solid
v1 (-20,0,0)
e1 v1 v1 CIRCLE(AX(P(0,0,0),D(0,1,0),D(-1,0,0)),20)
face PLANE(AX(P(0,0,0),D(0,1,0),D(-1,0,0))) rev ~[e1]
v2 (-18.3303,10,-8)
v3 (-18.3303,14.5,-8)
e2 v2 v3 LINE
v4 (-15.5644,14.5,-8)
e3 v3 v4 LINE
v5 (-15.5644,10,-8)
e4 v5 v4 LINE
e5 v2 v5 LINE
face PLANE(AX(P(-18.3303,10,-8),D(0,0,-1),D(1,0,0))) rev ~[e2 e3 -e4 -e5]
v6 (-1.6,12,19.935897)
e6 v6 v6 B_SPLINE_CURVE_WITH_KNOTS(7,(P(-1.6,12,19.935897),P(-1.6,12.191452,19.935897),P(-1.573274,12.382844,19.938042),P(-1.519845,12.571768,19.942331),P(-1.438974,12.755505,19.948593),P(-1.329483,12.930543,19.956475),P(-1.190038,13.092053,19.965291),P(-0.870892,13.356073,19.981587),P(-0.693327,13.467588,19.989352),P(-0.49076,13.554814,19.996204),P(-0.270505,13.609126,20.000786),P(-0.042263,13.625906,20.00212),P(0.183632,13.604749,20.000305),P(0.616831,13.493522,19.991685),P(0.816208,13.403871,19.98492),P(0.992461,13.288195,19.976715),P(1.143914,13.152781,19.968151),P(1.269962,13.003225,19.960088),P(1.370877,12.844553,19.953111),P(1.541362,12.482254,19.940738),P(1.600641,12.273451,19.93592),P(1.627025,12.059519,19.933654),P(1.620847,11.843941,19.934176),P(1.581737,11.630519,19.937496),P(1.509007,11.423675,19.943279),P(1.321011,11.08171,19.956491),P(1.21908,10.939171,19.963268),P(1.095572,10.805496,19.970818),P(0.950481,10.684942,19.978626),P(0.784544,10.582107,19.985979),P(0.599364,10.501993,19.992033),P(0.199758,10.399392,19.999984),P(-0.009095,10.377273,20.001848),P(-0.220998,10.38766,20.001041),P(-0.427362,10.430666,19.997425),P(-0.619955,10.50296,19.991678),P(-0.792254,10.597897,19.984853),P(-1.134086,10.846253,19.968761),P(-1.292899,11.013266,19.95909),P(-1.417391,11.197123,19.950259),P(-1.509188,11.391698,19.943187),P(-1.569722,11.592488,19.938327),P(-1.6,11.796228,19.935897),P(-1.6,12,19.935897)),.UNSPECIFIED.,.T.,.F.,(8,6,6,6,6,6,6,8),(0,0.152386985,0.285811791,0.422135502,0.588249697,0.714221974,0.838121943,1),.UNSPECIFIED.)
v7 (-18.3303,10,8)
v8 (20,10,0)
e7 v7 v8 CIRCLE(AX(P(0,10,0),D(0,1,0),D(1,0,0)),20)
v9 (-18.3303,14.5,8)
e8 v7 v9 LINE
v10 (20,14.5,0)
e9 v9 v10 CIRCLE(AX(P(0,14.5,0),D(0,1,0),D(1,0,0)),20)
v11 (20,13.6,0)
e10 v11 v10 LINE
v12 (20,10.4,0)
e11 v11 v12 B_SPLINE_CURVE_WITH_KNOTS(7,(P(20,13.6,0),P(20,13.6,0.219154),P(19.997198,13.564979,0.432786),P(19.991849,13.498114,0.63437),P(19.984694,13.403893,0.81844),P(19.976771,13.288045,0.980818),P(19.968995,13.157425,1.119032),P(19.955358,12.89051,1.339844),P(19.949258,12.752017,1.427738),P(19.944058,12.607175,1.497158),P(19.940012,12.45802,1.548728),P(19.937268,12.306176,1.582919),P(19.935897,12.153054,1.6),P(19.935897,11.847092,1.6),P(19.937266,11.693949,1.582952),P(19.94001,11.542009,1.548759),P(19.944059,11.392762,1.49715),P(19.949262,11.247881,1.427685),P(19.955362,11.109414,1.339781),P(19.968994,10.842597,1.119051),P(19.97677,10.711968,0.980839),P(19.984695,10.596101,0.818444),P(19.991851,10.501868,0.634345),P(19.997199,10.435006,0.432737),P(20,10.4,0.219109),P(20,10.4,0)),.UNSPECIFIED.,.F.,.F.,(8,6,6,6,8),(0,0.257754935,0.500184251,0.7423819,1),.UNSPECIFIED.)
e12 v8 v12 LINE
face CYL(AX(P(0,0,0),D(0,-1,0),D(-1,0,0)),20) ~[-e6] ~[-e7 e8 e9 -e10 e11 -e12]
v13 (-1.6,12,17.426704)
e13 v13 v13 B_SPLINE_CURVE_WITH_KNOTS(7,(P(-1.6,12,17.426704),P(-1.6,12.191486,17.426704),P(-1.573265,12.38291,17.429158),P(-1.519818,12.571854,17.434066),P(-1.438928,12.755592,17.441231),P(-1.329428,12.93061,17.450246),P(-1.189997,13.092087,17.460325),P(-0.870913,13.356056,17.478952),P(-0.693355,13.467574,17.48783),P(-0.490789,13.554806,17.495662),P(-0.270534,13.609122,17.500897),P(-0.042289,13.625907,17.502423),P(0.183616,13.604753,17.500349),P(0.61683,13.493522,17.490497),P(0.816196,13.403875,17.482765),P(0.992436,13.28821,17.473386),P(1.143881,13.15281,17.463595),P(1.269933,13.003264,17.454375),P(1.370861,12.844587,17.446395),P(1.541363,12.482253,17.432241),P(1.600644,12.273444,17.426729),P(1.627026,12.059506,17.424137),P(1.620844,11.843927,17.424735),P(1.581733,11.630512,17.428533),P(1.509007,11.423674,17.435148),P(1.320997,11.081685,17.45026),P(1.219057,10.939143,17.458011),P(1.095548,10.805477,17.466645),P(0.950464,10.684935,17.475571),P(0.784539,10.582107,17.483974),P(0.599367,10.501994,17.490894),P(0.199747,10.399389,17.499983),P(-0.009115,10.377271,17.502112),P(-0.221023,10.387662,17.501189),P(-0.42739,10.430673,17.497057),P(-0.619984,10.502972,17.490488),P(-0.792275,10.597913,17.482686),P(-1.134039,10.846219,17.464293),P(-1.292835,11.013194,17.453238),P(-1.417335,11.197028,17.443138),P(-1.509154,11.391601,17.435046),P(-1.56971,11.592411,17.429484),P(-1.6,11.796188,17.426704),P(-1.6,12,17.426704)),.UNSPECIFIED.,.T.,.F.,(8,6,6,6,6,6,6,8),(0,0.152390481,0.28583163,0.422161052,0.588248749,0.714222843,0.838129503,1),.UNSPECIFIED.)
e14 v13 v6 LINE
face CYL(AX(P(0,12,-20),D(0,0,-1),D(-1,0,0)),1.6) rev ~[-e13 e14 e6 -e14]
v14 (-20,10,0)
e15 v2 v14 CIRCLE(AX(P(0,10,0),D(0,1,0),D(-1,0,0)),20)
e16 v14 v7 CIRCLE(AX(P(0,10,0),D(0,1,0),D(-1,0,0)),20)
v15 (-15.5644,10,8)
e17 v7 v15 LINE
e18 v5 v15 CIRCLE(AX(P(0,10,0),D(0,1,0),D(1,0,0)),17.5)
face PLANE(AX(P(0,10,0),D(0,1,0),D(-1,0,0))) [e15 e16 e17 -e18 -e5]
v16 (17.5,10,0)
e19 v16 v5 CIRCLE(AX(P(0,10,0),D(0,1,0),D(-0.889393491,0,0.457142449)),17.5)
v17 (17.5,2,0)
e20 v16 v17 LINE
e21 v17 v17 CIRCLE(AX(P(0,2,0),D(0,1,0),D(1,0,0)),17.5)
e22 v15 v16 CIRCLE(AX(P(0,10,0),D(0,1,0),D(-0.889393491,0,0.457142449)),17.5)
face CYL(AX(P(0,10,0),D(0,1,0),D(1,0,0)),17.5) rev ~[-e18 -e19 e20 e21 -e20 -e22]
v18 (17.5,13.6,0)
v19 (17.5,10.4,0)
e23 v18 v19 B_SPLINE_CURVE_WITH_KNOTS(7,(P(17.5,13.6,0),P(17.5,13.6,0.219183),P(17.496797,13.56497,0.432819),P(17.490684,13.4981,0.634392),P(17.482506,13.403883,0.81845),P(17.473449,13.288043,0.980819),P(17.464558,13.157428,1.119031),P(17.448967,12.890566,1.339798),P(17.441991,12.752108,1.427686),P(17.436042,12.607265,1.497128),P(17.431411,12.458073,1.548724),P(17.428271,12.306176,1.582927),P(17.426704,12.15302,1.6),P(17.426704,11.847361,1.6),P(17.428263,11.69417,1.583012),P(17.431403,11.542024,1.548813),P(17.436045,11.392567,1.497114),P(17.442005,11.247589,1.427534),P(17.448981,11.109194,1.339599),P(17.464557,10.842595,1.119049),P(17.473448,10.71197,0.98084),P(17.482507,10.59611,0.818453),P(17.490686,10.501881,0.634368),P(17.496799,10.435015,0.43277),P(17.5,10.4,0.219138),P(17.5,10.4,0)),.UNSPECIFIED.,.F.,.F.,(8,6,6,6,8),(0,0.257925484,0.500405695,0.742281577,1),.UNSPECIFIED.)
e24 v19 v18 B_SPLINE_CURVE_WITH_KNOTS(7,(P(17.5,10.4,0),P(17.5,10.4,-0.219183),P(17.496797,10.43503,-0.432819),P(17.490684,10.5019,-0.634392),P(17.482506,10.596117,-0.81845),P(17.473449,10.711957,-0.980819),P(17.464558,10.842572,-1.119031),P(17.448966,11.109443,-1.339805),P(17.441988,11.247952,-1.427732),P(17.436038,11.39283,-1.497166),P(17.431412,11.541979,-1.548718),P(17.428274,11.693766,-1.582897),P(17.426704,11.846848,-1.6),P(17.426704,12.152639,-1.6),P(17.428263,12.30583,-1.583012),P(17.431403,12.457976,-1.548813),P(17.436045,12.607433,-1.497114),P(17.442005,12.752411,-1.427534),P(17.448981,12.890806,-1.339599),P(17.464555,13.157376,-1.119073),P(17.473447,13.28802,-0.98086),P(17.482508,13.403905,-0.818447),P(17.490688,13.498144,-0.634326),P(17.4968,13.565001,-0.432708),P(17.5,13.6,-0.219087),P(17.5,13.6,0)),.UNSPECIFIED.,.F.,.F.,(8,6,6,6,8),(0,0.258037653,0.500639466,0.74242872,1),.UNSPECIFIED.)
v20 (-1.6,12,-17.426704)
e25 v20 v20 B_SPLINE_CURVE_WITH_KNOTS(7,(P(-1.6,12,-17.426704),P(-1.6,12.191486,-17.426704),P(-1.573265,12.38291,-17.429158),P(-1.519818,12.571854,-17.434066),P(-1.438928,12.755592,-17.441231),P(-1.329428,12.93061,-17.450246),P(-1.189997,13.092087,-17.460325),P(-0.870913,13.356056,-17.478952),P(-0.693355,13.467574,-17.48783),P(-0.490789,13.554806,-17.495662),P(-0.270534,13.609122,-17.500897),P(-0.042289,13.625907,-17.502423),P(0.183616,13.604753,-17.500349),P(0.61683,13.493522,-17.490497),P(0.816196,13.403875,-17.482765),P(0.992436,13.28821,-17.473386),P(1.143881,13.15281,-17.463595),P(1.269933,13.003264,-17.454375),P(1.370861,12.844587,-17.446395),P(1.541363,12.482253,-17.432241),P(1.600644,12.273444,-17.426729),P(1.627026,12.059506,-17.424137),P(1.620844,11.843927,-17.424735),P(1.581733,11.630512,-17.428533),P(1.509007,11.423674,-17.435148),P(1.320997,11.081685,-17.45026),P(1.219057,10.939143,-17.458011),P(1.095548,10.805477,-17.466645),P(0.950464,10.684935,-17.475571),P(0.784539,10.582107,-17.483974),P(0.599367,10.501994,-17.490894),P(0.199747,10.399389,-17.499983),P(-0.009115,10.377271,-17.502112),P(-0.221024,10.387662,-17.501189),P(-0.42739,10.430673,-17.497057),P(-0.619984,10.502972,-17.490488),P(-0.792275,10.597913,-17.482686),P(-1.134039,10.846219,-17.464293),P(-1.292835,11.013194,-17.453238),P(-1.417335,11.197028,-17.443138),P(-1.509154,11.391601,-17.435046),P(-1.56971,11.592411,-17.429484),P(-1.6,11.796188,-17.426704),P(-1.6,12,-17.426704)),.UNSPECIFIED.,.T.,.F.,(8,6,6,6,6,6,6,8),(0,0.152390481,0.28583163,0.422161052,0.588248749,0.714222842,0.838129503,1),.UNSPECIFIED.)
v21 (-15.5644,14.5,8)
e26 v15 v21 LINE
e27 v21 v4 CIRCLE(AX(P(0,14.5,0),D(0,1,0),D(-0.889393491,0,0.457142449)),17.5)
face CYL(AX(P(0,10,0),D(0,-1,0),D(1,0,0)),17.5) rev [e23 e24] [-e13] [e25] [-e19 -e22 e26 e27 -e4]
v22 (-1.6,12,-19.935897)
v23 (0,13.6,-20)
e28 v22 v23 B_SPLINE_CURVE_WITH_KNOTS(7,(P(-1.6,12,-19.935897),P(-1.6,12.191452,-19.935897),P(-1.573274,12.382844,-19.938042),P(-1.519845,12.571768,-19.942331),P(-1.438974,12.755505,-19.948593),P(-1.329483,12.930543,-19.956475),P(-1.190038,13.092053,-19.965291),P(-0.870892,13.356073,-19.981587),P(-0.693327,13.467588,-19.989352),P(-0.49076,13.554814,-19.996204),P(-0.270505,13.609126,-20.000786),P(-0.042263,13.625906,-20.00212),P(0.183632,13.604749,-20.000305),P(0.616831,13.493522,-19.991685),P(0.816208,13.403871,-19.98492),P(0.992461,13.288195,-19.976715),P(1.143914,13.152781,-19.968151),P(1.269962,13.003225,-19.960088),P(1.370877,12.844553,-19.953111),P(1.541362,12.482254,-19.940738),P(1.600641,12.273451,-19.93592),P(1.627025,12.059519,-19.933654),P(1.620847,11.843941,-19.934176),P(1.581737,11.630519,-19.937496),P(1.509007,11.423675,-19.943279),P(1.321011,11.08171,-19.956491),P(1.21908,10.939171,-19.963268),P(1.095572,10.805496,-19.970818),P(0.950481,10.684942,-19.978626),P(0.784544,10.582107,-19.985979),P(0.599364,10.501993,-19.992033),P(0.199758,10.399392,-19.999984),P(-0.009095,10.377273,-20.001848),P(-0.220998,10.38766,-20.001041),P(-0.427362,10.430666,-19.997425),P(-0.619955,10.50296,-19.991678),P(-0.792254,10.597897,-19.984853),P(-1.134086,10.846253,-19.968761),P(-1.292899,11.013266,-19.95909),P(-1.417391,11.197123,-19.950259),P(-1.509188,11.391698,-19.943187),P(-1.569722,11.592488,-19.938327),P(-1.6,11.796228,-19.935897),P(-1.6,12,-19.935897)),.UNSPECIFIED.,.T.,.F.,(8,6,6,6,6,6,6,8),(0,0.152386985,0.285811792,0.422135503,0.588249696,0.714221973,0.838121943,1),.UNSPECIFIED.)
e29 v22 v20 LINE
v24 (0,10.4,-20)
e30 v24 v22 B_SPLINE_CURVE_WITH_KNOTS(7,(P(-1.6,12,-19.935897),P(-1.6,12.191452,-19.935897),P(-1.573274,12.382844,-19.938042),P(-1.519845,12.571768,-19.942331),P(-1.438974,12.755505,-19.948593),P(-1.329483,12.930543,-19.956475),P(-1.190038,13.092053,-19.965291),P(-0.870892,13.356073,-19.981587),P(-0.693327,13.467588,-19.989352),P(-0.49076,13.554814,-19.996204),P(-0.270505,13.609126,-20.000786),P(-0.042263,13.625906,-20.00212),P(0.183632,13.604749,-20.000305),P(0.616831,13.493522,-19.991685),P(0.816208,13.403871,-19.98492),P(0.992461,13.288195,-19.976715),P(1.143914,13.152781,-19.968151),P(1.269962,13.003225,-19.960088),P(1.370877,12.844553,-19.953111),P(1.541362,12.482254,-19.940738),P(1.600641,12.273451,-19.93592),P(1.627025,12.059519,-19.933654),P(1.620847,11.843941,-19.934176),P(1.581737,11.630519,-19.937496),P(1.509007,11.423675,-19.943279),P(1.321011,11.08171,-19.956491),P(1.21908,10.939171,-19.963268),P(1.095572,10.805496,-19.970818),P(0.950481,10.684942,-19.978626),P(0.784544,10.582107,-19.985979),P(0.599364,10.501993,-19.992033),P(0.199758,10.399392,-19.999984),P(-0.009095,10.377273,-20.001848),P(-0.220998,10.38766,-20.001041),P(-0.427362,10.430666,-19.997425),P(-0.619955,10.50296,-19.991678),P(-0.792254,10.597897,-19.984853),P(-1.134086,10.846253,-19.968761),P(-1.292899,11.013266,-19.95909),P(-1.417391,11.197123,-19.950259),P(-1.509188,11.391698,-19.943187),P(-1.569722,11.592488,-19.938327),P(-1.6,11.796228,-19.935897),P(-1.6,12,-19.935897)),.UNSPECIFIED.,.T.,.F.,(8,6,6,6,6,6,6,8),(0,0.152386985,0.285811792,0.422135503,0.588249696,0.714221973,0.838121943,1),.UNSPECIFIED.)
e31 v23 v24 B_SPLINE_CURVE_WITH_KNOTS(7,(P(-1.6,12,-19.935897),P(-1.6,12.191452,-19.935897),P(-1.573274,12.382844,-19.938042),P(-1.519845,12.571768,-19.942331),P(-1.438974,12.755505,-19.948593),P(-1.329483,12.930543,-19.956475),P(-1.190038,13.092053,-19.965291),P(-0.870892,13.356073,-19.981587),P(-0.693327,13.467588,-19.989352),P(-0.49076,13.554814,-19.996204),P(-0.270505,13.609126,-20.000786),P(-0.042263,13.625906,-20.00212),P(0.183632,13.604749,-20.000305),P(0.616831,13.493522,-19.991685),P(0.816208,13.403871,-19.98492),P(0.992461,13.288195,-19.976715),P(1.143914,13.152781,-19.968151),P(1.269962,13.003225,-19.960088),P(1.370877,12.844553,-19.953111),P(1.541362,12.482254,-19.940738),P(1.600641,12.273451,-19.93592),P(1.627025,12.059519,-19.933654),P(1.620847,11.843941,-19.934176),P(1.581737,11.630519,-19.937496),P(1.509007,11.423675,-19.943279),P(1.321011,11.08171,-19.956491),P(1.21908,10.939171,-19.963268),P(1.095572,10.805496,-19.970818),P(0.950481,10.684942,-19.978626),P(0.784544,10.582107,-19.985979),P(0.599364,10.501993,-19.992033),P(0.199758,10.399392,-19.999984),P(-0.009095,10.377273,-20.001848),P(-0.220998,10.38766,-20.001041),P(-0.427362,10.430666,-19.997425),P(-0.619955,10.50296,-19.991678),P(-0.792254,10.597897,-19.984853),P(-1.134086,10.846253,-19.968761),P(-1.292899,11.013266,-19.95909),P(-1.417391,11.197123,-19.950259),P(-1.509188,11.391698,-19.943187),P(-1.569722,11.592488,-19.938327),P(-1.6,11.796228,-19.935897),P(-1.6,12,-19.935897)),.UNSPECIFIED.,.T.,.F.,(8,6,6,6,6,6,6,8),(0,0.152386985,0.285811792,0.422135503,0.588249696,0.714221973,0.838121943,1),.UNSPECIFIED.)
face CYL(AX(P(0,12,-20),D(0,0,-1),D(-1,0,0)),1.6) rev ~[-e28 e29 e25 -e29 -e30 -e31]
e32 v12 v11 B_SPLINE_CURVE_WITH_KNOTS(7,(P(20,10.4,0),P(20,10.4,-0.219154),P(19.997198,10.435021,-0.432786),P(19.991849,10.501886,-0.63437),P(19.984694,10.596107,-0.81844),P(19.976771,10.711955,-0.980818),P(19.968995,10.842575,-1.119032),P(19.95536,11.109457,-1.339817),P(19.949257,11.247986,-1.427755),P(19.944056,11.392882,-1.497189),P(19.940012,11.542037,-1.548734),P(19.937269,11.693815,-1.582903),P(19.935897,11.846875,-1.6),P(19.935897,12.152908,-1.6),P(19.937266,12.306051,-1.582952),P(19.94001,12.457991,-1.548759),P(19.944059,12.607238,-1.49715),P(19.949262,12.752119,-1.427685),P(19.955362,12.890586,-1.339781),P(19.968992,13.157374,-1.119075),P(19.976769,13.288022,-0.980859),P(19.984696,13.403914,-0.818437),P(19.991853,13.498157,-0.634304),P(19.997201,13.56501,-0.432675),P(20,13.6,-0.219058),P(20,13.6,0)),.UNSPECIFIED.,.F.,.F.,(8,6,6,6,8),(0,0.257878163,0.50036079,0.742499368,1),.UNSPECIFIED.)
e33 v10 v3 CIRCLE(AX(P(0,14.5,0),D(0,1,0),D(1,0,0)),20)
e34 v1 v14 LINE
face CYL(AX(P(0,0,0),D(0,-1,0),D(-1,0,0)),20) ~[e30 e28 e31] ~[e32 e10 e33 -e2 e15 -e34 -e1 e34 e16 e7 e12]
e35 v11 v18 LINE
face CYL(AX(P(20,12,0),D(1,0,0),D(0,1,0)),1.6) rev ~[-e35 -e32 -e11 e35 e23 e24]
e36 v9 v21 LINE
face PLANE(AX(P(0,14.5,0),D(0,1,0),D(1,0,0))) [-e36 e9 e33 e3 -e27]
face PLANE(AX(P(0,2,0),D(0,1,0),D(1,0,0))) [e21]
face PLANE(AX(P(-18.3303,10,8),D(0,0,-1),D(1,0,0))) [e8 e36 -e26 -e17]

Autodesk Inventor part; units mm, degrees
ref_plane "YZ Plane" through (0, 0, 0) normal (1, 0, 0) x (0, 1, 0)
sketch "Sketch1" plane through (0, 0, 0) normal (0, 1, 0) x (-1, 0, 0)
  circle A0 centre (0, 0) radius 20
  dimension "d0" = 40
extrude "Extrusion1" add sketch "Sketch1" along normal blind 10
sketch "Sketch2" plane through (0, 10, 0) normal (0, 1, 0) x (1, 0, 0)
  circle A0 centre (0, 0) radius 17.5
  circle A1 centre (0, 0) radius 20 projected
  line L0 (-18.3303, 8) -> (-15.5644, 8)
  line L1 (-18.3303, -8) -> (-15.5644, -8)
  circle A2 centre (0, 0) radius 20
  point P0 (-16.9473, 8)
  dimension "d3" = 35
  dimension "d4" = 8
  dimension "d5" = 8
  dimension "d6" = 40
extrude "Extrusion2" add sketch "Sketch2" along normal blind 4.5 contours A0 L0 A1 L1 picked at (18.7918, -3.0381)
sketch "Sketch3" plane through (0, 10, 0) normal (0, 1, 0) x (1, 0, 0)
  circle A0 centre (0, 0) radius 17.5
extrude "Extrusion3" cut sketch "Sketch3" against normal blind 8
sketch "Sketch4" plane through (0, 14.5, 0) normal (0, 1, 0) x (1, 0, 0)
  circle A0 centre (0, 0) radius 20 projected
  point P0 (0, -20.0355)
  point P1 (20, 0)
  point P2 (0, 20)
ref_plane "Work Plane1" through (20, 14.5, 0) normal (1, 0, 0) x (0, 1, 0)
sketch "Sketch5" plane through (20, 14.5, 0) normal (1, 0, 0) x (0, 1, 0)
  circle A0 centre (-2.5, 0) radius 1.6
  line L0 (0, -20) -> (0, 20) projected
  point P0 (-14.5, 0)
  point P1 (0, 8)
  point P2 (0, -8)
  dimension "d11" = 3.2
  dimension "d12" = 2.5
extrude "Extrusion4" cut sketch "Sketch5" against normal up to surface
ref_plane "Work Plane2" through (0, 14.5, -20) normal (0, 0, -1) x (-1, 0, 0)
sketch "Sketch6" plane through (0, 14.5, -20) normal (0, 0, -1) x (-1, 0, 0)
  circle A0 centre (0, -2.5) radius 1.6
  line L0 (18.3303, 0) -> (-20, 0) projected
  point P0 (0, -14.5)
  dimension "d15" = 3.2
  dimension "d16" = 2.5
extrude "Extrusion5" cut sketch "Sketch6" against normal through all
sketch "Sketch7" plane through (0, 10, 0) normal (0, 1, 0) x (1, 0, 0)
  line L0 (-13, -3.3) -> (-13, 5.1)
  line L1 (-13, 5.1) -> (-18.25, 5.1)
  line L2 (-18.25, 5.1) -> (-18.25, -3.3)
  line L3 (-16.25, -5.3) -> (-15, -5.3)
  arc A0 (-15, -5.3) -> (-13, -3.3) centre (-15, -3.3) ccw
  arc A1 (-18.25, -3.3) -> (-16.25, -5.3) centre (-16.25, -3.3) ccw
  arc A2 (-18.3303, 8) -> (-18.3303, -8) centre (0, 0) ccw projected
  point P0 (-18.25, -5.3)
  dimension "d19" = 10.4
  dimension "d20" = 5.25
  dimension "d21" = 2
  dimension "d25" = 18.25
  dimension "d26" = 5.1
extrude "Extrusion6" [suppressed]
properties part number "Payload Adapter V2 No XT30"
